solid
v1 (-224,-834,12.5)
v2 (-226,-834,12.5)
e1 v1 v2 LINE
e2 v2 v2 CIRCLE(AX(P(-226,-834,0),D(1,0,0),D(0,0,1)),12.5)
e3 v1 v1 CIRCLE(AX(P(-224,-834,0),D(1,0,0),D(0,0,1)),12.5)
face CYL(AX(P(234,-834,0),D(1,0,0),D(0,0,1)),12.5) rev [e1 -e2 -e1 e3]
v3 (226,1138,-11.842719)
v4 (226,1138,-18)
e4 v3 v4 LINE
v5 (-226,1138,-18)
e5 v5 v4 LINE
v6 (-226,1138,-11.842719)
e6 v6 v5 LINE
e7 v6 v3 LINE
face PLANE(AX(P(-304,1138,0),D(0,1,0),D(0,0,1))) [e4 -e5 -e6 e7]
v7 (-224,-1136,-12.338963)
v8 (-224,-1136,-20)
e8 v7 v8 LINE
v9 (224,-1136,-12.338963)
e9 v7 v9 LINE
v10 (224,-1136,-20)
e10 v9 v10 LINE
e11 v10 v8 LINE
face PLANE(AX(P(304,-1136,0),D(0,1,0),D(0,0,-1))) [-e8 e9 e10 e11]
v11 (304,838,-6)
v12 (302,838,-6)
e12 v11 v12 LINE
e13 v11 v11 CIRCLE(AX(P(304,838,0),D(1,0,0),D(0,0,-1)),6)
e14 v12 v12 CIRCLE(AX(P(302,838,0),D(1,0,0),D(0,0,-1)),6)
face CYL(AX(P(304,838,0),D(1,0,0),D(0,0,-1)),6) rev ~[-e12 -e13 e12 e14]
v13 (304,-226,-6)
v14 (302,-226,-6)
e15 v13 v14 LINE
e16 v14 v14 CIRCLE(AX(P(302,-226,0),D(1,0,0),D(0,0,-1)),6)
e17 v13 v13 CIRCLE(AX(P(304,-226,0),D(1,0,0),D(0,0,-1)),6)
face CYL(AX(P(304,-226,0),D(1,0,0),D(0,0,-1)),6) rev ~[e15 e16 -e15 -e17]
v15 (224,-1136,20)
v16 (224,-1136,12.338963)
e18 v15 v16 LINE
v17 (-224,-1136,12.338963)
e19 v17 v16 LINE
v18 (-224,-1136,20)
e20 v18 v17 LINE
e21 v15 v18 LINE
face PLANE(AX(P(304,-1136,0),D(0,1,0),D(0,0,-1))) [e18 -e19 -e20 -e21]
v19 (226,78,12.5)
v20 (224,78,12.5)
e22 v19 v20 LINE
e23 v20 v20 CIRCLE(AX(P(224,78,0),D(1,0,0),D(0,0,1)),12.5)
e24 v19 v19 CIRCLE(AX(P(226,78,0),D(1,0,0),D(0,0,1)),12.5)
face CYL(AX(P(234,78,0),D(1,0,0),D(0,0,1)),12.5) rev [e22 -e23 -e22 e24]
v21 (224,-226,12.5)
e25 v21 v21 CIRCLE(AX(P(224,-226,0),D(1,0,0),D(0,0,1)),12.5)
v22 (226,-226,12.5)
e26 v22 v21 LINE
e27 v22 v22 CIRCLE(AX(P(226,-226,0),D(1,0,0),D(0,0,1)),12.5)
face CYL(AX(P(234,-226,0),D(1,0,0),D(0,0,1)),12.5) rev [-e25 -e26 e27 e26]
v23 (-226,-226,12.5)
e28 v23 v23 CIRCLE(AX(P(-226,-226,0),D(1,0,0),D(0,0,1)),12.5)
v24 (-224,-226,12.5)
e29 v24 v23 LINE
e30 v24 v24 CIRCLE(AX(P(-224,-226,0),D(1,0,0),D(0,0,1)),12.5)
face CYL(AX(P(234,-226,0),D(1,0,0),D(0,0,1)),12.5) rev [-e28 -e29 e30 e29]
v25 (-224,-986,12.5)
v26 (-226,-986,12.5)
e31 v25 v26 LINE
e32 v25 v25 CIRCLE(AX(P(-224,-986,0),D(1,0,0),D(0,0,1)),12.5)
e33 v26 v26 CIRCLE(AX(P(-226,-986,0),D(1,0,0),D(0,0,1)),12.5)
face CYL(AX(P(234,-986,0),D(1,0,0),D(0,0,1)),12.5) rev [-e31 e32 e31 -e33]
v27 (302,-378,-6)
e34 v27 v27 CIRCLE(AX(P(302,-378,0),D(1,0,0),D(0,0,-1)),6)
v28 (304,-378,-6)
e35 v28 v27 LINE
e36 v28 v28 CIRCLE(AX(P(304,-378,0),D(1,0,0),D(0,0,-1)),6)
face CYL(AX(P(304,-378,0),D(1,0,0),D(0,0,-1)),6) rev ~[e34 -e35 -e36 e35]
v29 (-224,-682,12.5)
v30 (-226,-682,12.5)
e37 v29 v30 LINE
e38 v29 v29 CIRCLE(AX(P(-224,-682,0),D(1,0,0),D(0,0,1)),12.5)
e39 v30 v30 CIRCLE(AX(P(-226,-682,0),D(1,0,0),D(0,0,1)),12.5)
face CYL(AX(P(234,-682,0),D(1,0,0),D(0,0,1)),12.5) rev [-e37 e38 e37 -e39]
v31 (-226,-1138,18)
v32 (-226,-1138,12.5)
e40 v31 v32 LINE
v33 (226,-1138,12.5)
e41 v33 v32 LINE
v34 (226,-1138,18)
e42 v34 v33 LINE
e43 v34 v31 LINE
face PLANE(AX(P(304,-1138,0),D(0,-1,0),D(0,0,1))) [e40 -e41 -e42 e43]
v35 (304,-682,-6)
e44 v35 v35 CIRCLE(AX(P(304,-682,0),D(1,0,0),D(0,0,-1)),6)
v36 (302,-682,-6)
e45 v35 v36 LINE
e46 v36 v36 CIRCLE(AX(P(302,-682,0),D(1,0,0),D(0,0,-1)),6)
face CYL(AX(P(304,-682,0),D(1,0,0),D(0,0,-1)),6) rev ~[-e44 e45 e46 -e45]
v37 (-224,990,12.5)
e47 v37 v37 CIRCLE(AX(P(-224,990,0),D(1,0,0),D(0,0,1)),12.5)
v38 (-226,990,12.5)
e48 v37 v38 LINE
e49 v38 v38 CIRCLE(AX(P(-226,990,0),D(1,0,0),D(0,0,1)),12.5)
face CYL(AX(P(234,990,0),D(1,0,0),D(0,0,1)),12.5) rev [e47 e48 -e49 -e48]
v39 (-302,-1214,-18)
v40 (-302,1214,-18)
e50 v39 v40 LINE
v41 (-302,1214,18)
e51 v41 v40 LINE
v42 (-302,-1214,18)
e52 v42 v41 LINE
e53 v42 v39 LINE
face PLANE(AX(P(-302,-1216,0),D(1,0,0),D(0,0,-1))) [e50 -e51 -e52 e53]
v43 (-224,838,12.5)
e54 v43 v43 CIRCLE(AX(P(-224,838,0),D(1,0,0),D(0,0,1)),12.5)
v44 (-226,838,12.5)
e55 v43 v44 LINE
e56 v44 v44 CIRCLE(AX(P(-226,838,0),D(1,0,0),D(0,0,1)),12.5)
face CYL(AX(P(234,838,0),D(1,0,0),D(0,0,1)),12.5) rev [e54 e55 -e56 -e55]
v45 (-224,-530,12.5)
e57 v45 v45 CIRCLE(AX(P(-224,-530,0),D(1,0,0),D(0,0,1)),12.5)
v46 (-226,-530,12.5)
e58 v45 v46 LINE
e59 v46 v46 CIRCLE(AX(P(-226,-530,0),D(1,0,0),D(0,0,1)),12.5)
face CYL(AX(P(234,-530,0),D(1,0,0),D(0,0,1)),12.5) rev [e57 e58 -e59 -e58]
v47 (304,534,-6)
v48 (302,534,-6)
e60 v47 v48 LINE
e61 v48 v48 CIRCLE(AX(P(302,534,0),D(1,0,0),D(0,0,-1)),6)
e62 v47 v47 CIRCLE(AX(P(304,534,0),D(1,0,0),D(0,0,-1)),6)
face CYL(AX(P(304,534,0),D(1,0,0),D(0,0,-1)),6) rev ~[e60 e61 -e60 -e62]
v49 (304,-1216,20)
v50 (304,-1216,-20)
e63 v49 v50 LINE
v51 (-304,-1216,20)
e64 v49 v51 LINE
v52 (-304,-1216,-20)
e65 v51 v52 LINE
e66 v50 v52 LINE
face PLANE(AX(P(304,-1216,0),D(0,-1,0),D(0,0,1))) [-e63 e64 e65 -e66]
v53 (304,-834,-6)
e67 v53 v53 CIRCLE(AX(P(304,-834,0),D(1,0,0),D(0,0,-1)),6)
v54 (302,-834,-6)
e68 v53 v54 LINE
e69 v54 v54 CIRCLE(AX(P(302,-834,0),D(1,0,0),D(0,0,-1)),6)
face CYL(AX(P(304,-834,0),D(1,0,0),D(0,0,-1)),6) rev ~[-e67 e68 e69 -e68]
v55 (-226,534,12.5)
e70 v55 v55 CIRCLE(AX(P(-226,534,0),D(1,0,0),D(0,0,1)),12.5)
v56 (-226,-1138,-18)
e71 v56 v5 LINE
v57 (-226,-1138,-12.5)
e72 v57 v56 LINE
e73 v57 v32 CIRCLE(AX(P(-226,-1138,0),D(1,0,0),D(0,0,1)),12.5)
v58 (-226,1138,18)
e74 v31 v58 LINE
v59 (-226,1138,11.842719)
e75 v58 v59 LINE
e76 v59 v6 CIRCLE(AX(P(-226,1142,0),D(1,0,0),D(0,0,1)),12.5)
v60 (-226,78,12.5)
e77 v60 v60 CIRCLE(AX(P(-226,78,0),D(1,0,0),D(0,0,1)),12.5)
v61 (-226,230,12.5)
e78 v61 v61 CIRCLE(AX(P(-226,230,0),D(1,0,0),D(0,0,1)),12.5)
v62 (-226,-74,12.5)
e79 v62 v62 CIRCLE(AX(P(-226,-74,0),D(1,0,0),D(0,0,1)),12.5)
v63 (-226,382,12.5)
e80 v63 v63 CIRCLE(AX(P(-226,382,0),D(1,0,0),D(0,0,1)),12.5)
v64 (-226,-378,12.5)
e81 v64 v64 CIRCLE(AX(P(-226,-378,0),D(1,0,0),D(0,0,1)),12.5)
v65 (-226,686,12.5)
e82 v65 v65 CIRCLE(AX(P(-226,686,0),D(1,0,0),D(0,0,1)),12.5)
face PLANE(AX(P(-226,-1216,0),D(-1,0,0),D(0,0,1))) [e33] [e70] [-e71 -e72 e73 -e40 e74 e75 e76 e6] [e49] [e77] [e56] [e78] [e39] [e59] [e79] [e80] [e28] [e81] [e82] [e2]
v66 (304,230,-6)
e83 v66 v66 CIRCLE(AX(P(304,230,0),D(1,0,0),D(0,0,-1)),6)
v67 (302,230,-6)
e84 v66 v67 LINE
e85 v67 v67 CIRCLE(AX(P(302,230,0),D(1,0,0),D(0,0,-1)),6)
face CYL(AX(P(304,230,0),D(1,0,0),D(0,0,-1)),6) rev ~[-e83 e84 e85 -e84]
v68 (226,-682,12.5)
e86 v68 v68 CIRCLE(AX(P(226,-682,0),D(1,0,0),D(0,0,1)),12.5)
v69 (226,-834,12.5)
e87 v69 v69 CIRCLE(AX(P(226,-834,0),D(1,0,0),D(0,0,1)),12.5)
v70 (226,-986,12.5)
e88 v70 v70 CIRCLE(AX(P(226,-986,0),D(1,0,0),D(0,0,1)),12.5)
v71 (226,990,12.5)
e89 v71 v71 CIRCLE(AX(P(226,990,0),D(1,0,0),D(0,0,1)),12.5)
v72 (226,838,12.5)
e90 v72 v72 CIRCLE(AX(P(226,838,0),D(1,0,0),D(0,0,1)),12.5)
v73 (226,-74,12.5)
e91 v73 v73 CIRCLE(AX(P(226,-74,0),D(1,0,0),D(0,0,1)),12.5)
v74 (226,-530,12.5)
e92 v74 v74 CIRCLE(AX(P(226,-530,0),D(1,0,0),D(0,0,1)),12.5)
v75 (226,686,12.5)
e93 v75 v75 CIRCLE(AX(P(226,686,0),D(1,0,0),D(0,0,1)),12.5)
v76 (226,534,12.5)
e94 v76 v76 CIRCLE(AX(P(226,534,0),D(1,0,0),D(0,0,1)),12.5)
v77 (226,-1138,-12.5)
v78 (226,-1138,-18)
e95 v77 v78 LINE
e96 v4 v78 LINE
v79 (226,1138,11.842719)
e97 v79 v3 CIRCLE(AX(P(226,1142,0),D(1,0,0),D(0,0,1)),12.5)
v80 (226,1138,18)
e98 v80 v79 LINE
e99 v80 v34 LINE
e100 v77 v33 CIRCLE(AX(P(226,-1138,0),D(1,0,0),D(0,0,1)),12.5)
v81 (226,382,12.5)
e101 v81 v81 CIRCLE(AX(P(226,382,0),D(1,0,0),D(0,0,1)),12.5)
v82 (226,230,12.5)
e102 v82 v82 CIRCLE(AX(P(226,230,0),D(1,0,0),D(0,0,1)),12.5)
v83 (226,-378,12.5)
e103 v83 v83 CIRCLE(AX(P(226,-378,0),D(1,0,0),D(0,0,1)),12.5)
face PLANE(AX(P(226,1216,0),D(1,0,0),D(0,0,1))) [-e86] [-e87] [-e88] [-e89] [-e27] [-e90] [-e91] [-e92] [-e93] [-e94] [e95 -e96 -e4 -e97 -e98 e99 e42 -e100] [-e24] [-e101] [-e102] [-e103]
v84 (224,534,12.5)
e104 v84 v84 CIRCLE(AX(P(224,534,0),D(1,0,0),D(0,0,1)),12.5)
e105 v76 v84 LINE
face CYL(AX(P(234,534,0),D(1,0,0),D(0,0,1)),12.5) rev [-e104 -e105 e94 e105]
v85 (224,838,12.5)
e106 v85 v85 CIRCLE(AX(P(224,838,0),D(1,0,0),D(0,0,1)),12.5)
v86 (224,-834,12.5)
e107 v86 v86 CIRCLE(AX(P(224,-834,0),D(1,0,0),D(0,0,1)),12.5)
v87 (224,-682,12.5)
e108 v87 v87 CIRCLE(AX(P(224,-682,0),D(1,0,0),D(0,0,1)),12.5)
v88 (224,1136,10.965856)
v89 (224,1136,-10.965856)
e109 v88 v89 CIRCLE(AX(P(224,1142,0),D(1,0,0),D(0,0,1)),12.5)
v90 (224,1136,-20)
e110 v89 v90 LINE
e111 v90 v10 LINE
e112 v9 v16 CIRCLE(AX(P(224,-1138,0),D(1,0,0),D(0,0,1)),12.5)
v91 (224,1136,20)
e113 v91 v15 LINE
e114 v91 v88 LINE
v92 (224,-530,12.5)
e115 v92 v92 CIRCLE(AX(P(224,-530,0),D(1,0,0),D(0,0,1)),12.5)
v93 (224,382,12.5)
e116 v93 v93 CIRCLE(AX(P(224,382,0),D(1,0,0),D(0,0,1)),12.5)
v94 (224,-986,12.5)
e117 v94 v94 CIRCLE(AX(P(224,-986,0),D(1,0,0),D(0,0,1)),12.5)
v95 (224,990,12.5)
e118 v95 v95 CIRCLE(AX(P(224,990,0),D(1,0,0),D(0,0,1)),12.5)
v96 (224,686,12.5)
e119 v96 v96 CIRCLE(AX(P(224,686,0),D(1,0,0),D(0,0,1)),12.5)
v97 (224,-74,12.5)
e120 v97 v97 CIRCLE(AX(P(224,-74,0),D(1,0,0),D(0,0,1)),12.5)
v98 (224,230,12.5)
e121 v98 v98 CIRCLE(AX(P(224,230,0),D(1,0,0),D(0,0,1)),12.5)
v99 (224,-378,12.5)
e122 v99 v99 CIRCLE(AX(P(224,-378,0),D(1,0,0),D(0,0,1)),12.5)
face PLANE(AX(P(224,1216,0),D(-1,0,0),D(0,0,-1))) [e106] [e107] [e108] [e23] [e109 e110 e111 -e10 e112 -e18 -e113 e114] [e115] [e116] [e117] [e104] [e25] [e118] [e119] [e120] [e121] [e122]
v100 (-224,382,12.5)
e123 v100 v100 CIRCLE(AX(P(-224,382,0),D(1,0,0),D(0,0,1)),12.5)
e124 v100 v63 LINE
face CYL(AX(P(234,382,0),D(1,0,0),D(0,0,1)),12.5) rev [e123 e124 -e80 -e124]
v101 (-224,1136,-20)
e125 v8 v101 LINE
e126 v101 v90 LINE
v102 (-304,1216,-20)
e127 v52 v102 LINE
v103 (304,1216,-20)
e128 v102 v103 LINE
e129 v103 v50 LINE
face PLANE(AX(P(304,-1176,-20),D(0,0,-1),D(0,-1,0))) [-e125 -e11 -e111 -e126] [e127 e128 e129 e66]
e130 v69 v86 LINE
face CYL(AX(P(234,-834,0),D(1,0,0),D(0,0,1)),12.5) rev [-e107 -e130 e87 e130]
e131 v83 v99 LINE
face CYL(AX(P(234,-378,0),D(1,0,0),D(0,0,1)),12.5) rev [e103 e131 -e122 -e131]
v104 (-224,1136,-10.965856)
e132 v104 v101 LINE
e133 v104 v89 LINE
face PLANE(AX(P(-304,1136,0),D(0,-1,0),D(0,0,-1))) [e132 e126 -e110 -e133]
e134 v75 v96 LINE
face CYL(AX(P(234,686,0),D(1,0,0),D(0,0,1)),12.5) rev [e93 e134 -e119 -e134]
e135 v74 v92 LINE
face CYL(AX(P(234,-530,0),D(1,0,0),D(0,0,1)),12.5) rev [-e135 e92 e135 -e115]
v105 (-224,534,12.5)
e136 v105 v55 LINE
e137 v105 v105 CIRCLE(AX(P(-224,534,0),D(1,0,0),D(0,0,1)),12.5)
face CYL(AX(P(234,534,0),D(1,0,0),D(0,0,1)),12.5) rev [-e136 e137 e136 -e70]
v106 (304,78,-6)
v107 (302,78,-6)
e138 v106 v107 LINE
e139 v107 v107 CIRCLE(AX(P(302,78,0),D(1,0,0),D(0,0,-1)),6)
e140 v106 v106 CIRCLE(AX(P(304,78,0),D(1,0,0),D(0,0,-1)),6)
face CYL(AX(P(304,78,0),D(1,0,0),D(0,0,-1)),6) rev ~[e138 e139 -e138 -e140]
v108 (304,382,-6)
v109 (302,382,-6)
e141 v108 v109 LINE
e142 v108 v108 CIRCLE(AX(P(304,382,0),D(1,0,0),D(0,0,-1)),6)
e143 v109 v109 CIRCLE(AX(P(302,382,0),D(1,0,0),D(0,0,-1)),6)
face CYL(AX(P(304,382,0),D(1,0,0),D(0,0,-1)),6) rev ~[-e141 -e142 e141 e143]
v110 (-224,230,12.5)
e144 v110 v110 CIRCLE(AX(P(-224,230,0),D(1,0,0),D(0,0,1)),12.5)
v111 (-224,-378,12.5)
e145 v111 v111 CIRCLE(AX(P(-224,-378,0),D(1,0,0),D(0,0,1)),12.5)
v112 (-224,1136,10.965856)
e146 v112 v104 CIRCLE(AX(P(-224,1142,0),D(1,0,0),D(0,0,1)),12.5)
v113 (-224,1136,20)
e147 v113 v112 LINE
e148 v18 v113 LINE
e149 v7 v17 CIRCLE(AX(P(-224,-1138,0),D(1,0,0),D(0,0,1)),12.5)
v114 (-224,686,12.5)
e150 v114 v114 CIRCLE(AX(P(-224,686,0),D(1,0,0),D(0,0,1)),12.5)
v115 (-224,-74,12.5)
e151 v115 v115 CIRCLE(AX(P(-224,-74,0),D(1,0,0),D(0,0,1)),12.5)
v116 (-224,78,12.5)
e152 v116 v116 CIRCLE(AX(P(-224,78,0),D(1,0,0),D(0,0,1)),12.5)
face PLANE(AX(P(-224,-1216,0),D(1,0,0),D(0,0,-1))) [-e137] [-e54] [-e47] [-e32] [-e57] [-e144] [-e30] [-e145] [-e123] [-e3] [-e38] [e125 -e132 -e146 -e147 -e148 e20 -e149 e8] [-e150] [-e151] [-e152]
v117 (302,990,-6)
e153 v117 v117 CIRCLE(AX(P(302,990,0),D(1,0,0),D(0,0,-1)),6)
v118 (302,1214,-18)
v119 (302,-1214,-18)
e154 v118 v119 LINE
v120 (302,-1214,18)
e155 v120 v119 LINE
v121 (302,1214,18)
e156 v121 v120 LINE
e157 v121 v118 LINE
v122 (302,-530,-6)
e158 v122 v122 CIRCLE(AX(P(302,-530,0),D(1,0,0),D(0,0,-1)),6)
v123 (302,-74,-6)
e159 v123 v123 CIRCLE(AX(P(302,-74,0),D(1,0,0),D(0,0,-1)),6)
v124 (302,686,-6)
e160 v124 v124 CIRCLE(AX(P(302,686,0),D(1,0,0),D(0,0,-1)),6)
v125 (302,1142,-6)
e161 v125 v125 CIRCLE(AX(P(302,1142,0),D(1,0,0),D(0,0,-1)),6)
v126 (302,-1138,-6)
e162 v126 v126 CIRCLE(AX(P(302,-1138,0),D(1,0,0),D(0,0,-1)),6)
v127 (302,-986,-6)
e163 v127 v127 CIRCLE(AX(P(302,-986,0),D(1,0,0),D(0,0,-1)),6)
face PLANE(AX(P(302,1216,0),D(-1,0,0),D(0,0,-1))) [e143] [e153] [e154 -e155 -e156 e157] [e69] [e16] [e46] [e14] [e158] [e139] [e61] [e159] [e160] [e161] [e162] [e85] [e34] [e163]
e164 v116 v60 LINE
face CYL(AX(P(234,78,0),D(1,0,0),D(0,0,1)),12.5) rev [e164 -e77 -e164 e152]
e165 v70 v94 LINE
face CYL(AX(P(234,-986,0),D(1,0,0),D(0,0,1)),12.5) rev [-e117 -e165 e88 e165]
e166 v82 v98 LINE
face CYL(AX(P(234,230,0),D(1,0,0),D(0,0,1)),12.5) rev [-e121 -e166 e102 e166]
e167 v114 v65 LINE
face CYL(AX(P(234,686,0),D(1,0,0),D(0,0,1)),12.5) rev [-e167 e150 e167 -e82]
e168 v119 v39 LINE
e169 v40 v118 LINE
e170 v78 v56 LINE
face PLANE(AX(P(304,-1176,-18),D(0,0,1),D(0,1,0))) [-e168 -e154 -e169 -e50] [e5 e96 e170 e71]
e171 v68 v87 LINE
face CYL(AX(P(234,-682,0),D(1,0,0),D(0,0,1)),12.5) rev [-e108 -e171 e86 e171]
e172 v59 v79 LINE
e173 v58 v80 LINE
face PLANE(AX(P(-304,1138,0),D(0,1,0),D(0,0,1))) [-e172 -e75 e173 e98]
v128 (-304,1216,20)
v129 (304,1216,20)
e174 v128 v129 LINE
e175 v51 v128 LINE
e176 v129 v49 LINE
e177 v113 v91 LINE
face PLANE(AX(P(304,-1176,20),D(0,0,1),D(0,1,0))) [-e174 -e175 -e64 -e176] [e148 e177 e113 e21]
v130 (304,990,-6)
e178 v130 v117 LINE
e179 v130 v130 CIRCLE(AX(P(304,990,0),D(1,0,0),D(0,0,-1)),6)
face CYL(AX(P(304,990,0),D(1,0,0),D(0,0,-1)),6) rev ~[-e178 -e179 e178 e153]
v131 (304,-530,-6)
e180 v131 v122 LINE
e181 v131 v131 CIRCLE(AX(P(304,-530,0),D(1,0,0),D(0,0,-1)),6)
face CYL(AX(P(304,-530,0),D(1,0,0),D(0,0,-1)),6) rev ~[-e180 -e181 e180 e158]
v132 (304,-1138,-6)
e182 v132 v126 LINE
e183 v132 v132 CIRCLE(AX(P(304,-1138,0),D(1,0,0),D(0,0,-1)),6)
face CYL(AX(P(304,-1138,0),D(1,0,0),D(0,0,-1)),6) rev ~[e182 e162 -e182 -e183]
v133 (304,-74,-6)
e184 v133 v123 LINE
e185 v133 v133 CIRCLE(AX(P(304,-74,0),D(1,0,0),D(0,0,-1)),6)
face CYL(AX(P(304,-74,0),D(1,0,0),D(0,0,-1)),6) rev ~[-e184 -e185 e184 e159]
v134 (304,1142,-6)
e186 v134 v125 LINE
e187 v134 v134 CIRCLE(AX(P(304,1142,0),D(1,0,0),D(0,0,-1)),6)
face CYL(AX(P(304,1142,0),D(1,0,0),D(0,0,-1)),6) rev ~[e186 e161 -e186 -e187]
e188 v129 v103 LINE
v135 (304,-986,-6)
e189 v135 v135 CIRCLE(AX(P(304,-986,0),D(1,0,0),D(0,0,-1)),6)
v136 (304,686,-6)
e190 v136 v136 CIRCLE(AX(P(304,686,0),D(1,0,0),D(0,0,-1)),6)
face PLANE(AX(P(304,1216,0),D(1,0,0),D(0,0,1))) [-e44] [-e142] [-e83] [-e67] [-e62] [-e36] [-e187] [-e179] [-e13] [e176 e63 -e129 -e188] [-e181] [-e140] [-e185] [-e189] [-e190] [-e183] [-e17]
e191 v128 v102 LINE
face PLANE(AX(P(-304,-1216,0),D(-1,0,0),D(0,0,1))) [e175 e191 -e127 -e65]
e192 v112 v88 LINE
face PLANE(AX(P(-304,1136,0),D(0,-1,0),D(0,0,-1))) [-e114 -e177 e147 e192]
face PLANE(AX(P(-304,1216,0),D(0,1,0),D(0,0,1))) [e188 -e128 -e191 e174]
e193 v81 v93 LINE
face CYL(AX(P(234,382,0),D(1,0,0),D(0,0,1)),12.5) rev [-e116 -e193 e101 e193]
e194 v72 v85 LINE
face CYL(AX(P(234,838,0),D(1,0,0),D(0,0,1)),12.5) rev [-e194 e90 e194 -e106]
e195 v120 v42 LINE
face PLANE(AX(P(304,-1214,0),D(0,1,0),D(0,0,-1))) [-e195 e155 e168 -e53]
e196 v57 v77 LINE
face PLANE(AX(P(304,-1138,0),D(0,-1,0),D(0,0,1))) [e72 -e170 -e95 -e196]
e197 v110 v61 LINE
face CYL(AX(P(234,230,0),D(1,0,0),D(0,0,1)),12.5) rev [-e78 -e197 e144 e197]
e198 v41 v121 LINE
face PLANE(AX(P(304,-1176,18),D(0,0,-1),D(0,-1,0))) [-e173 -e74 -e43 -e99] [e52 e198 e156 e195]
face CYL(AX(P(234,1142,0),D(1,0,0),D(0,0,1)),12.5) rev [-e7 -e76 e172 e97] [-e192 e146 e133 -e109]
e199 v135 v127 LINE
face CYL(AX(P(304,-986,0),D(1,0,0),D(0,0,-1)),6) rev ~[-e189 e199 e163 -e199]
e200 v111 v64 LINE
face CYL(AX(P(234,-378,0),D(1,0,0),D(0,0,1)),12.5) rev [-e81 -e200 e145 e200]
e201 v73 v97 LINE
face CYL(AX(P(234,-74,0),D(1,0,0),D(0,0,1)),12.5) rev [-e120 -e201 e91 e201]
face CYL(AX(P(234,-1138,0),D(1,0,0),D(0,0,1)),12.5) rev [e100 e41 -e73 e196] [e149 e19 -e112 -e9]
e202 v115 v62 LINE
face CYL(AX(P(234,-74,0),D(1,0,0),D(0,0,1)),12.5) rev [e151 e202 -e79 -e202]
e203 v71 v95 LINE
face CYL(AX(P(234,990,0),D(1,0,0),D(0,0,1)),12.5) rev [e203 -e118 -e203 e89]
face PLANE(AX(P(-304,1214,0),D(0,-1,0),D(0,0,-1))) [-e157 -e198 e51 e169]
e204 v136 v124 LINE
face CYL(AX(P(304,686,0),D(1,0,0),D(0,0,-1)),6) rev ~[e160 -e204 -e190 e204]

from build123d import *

# Parameters (mm, degrees)
SKETCH2_W          = 80
SKETCH2_H          = 40
SKETCH2_W_2        = 76
SKETCH2_H_2        = 36
CUT_EXTRUDE1_START = -10
SKETCH3_R          = 12.5
CUT_EXTRUDE1_DEPTH = 510
LPATTERN1_COUNT    = 16
LPATTERN1_PITCH    = 152
SKETCH4_R          = 6
CUT_EXTRUDE2_DEPTH = 10
LPATTERN2_COUNT    = 16
LPATTERN2_PITCH    = 152


with BuildPart() as part:
    # Sweep-Thin1: sweep along a path in Sketch1
    with BuildLine(Plane.XY) as sweep_thin1_path:
        Line((304, -1216), (-304, -1216))
        Line((-304, -1216), (-304, 1216))
        Line((-304, 1216), (304, 1216))
        Line((304, 1216), (304, -1216))
    # Sketch2 → Sweep-Thin1 (sweep)
    with BuildSketch(Plane(origin=(0, 0, 0), x_dir=(1, 0, 0), z_dir=(0, 1, 0))):
        with Locations((-264, 0)):
            Rectangle(SKETCH2_W, SKETCH2_H)
        with Locations((-264, 0)):
            Rectangle(SKETCH2_W_2, SKETCH2_H_2, mode=Mode.SUBTRACT)
    sweep(path=sweep_thin1_path.line, transition=Transition.RIGHT)

    # Sketch3 → Cut-Extrude1 (cut)
    with BuildSketch(Plane.ZY.offset(-224).offset(CUT_EXTRUDE1_START)):
        with Locations((0, 1142)):
            Circle(SKETCH3_R)
    cut_extrude1 = extrude(amount=CUT_EXTRUDE1_DEPTH, mode=Mode.SUBTRACT)

    # LPattern1: Cut-Extrude1 ×16
    with Locations(*[(0, -i * LPATTERN1_PITCH, 0) for i in range(1, LPATTERN1_COUNT)]):
        add(cut_extrude1, mode=Mode.SUBTRACT)

    # Sketch4 → Cut-Extrude2 (cut)
    with BuildSketch(Plane(origin=(304, 0, 0), x_dir=(0, 0, -1), z_dir=(1, 0, 0))):
        with Locations((0, 1142)):
            Circle(SKETCH4_R)
    cut_extrude2 = extrude(amount=-CUT_EXTRUDE2_DEPTH, mode=Mode.SUBTRACT)

    # LPattern2: Cut-Extrude2 ×16
    with Locations(*[(0, -i * LPATTERN2_PITCH, 0) for i in range(1, LPATTERN2_COUNT)]):
        add(cut_extrude2, mode=Mode.SUBTRACT)


solid = part.part
